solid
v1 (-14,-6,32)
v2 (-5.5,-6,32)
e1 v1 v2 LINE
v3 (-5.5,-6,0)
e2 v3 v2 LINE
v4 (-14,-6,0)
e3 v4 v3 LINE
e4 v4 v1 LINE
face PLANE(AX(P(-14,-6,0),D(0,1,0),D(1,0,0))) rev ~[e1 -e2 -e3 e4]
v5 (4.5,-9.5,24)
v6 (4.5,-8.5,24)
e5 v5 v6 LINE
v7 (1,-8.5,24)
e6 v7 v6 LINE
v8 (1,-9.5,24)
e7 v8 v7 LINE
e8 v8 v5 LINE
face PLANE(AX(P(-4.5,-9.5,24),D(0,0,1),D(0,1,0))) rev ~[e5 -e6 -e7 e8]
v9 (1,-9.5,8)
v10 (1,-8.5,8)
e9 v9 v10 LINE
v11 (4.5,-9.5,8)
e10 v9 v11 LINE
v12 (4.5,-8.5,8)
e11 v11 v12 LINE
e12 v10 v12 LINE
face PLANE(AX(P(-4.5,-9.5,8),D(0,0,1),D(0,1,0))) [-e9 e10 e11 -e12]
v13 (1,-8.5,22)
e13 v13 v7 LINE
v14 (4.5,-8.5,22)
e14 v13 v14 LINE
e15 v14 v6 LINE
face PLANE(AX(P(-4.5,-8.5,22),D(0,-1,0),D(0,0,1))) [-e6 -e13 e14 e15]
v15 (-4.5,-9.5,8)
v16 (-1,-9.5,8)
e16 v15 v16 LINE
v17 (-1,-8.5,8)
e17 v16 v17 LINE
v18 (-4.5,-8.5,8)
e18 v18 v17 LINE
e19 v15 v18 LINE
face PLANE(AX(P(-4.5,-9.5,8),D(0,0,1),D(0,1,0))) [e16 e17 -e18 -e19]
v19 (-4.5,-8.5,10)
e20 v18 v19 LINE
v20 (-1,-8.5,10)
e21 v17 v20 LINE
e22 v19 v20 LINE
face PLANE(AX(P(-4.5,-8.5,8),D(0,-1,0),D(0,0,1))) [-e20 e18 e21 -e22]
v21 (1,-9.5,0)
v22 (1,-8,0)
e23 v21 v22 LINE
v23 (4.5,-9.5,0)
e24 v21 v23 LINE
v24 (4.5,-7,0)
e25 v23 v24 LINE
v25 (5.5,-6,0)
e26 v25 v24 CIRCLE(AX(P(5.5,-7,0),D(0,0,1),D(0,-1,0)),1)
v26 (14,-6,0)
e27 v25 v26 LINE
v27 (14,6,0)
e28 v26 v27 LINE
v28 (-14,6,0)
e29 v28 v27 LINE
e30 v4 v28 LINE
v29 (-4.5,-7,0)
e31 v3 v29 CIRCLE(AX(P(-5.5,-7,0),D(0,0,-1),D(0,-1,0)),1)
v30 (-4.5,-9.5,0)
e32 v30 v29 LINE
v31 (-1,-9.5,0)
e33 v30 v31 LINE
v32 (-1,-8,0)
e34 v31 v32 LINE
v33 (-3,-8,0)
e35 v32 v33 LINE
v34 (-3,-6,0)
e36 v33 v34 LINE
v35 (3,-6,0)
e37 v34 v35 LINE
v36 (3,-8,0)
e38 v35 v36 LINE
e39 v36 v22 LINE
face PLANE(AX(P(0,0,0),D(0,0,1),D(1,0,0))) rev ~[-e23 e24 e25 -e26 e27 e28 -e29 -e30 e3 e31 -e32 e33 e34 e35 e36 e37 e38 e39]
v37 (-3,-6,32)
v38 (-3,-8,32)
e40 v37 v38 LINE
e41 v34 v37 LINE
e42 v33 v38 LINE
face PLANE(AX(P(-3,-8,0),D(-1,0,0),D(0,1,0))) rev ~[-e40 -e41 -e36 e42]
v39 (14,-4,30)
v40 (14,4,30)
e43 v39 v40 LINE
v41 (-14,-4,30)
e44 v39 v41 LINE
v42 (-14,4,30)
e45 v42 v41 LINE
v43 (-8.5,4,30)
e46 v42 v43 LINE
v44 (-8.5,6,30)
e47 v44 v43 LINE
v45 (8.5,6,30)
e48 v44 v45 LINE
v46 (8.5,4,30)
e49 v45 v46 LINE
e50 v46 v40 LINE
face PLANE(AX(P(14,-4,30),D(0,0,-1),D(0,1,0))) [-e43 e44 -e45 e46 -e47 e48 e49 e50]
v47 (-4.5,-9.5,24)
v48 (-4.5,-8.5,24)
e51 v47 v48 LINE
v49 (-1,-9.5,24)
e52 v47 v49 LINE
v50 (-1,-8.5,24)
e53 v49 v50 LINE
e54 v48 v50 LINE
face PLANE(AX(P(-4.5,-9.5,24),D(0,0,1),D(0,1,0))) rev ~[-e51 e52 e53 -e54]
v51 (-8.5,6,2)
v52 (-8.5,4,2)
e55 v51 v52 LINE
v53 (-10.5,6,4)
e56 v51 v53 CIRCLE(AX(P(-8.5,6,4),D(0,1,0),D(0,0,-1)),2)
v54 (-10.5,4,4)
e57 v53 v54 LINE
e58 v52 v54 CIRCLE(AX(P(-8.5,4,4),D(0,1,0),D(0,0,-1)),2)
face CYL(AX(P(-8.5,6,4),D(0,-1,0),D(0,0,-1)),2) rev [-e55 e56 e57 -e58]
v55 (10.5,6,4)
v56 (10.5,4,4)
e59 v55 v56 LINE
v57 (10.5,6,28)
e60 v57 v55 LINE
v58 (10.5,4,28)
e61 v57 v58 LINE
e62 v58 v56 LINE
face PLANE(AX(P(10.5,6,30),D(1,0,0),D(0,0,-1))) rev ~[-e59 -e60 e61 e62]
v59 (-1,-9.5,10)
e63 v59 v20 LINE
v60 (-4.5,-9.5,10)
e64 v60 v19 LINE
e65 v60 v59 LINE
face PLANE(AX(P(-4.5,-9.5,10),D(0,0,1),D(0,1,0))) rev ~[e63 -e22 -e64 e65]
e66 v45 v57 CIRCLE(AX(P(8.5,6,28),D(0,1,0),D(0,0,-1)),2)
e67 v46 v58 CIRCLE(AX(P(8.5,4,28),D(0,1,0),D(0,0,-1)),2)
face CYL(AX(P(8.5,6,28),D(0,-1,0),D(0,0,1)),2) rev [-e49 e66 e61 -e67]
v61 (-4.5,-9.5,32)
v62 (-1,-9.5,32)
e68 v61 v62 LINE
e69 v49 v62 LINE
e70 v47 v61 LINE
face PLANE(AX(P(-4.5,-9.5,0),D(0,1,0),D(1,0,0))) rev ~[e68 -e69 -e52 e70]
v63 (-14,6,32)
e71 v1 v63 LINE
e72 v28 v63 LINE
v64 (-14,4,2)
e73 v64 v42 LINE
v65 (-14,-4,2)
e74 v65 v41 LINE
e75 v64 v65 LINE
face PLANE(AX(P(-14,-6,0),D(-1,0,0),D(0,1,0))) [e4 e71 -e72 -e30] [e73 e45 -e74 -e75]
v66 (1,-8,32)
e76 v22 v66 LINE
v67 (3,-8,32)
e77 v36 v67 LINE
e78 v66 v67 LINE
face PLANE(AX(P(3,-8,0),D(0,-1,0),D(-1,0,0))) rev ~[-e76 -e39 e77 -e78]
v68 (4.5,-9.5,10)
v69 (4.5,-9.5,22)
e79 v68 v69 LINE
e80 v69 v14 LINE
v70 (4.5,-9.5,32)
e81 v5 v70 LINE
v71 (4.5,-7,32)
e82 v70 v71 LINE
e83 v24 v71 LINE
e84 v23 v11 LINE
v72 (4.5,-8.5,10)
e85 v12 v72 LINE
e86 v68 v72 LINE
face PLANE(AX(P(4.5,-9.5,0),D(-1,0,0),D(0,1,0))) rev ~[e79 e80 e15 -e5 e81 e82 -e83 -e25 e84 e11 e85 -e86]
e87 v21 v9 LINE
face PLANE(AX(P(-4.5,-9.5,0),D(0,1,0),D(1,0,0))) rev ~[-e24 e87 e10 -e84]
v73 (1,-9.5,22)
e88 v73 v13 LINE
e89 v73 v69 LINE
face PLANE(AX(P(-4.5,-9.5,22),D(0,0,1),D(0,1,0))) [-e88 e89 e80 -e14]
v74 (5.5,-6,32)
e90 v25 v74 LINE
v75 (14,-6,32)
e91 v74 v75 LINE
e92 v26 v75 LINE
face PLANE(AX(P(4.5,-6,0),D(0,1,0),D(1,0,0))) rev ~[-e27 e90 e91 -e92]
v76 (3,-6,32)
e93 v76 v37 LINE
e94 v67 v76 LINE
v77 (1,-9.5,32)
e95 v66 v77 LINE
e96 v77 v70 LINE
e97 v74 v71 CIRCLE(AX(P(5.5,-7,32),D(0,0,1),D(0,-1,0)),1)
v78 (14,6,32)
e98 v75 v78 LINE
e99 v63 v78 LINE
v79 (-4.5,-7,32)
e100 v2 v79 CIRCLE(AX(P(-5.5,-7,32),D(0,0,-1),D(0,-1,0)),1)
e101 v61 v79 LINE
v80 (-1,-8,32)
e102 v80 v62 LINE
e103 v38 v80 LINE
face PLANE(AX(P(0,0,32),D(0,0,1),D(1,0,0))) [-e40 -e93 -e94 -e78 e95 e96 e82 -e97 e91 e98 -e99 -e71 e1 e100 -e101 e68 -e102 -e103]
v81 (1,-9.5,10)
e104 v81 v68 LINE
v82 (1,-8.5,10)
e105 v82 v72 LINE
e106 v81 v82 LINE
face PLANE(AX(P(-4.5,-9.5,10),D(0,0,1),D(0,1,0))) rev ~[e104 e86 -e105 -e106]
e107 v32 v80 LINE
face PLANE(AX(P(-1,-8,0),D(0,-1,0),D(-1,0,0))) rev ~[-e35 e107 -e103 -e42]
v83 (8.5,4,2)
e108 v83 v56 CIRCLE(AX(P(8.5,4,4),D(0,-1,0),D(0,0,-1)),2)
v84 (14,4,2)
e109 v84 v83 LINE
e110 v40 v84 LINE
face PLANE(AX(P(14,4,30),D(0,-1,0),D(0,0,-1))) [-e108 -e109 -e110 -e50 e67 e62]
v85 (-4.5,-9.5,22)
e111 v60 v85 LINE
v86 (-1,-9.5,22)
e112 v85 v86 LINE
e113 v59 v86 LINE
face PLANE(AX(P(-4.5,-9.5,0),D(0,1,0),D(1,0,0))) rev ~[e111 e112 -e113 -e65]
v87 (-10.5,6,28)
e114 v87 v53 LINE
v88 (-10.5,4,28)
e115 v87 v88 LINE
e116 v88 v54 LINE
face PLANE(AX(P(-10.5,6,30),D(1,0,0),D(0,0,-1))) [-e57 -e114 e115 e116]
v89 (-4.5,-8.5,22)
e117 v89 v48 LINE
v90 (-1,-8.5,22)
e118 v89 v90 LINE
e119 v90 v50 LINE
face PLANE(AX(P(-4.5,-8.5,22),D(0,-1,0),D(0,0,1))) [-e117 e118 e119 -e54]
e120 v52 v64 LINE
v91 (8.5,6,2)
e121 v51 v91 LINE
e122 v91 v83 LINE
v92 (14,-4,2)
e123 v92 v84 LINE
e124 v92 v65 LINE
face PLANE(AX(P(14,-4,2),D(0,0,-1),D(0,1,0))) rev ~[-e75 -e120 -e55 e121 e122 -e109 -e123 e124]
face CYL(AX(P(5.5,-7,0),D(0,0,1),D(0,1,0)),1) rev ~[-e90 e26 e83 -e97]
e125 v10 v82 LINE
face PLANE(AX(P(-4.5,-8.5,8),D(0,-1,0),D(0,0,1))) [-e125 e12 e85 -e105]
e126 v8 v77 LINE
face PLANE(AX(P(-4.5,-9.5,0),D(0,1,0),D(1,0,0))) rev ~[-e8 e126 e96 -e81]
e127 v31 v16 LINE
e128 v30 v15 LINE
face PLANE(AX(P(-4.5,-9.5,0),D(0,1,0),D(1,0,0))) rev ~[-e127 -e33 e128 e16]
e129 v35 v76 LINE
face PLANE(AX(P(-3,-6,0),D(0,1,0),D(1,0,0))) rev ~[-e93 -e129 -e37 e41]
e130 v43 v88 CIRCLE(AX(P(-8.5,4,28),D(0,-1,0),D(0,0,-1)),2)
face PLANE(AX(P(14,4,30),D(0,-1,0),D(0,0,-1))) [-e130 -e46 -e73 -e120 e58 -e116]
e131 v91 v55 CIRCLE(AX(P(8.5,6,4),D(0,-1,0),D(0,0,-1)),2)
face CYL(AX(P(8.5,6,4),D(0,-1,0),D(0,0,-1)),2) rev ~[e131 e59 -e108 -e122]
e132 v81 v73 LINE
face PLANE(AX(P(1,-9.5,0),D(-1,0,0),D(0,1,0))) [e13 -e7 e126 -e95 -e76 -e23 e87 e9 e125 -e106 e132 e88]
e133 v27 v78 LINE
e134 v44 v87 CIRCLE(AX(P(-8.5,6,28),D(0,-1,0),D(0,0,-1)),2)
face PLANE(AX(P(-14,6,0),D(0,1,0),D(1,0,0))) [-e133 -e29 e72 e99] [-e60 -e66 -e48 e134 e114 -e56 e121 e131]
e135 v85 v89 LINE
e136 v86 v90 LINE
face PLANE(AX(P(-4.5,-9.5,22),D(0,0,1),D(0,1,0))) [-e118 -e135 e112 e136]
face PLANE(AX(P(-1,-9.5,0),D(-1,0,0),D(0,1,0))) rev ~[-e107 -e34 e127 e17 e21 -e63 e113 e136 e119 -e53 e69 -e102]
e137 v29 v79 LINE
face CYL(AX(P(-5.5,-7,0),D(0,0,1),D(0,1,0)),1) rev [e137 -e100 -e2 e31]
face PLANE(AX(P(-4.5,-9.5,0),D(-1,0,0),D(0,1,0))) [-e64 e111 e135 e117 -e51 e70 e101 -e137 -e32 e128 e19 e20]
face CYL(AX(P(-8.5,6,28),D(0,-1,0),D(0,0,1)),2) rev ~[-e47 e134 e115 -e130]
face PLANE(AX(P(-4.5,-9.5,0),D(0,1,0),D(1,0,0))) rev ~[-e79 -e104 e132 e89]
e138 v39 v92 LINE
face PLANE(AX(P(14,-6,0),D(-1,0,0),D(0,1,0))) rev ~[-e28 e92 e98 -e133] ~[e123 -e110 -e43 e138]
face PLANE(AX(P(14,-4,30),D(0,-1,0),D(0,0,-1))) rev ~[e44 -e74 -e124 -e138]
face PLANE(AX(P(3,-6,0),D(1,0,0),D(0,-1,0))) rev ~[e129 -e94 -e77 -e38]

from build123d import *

# Parameters (mm, degrees)
SKETCH_1_W          = 28
SKETCH_1_H          = 12
SKETCH_1_W_2        = 9
SKETCH_1_H_2        = 3.5
EXTRUDE_1_DEPTH     = 32
SKETCH_2_W          = 1
SKETCH_2_H          = 1.5
CUT_EXTRUDE_1_DEPTH = 37.197375595
SKETCH_3_W          = 2
SKETCH_3_H          = 1
CUT_EXTRUDE_2_DEPTH = 39.164119275
FILLET_1_R          = 1
SKETCH_6_W          = 28
SKETCH_6_H          = 8
CUT_EXTRUDE_5_DEPTH = 44.568910934
CUT_EXTRUDE_4_REACH = 40.213
SKETCH_5_W          = 21
SKETCH_5_H          = 28
FILLET_2_R          = 2


with BuildPart() as part:
    # 草图1 → 凸台-拉伸1 (new body)
    with BuildSketch(Plane.XY):
        Rectangle(SKETCH_1_W, SKETCH_1_H)
        with Locations((0, -7.75)):
            Rectangle(SKETCH_1_W_2, SKETCH_1_H_2)
    extrude(amount=EXTRUDE_1_DEPTH)

    # 草图2 → 切除-拉伸1 (cut, through all)
    with BuildSketch(Plane(origin=(0, 0, 0), x_dir=(-1, 0, 0), z_dir=(0, 0, -1))):
        Polygon((0, -6), (-3, -6), (-3, -8), (-1, -8), (0, -8), align=None)
        Polygon((3, -6), (0, -6), (0, -8), (1, -8), (3, -8), align=None)
        with Locations((-0.5, -8.75)):
            Rectangle(SKETCH_2_W, SKETCH_2_H)
        with Locations((0.5, -8.75)):
            Rectangle(SKETCH_2_W, SKETCH_2_H)
    extrude(amount=-CUT_EXTRUDE_1_DEPTH, mode=Mode.SUBTRACT)

    # 草图3 → 切除-拉伸2 (cut, through all)
    with BuildSketch(Plane.ZY.offset(4.5)):
        with Locations((9, -9)):
            Rectangle(SKETCH_3_W, SKETCH_3_H)
        with Locations((23, -9)):
            Rectangle(SKETCH_3_W, SKETCH_3_H)
    extrude(amount=-CUT_EXTRUDE_2_DEPTH, mode=Mode.SUBTRACT)

    # 圆角1
    fillet_1_edges = [part.edges().sort_by_distance(p)[0] for p in [
        (4.5, -6, 16),
        (-4.5, -6, 16),
    ]]
    fillet(fillet_1_edges, radius=FILLET_1_R)

    # 草图6 → 切除-拉伸5 (cut, through all)
    with BuildSketch(Plane(origin=(14, 0, 0), x_dir=(0, 0, -1), z_dir=(1, 0, 0))):
        with Locations((-16, 0)):
            Rectangle(SKETCH_6_W, SKETCH_6_H)
    extrude(amount=-CUT_EXTRUDE_5_DEPTH, mode=Mode.SUBTRACT)

    # 草图5 → 切除-拉伸4 (cut, up to next)
    with BuildSketch(Plane(origin=(0, 6, 0), x_dir=(1, 0, 0), z_dir=(0, 1, 0)), mode=Mode.PRIVATE) as cut_extrude_4_sk1:
        with Locations((0, -16)):
            Rectangle(SKETCH_5_W, SKETCH_5_H)
    cut_extrude_4_tool1 = extrude(cut_extrude_4_sk1.sketch, amount=-CUT_EXTRUDE_4_REACH, mode=Mode.PRIVATE) & part.part
    add(cut_extrude_4_tool1.solids().sort_by_distance((0, 6, 16))[0], mode=Mode.SUBTRACT)

    # 圆角2
    fillet_2_edges = [part.edges().sort_by_distance(p)[0] for p in [
        (10.5, 5, 30),
        (10.5, 5, 2),
        (-10.5, 5, 2),
        (-10.5, 5, 30),
    ]]
    fillet(fillet_2_edges, radius=FILLET_2_R)


solid = part.part
